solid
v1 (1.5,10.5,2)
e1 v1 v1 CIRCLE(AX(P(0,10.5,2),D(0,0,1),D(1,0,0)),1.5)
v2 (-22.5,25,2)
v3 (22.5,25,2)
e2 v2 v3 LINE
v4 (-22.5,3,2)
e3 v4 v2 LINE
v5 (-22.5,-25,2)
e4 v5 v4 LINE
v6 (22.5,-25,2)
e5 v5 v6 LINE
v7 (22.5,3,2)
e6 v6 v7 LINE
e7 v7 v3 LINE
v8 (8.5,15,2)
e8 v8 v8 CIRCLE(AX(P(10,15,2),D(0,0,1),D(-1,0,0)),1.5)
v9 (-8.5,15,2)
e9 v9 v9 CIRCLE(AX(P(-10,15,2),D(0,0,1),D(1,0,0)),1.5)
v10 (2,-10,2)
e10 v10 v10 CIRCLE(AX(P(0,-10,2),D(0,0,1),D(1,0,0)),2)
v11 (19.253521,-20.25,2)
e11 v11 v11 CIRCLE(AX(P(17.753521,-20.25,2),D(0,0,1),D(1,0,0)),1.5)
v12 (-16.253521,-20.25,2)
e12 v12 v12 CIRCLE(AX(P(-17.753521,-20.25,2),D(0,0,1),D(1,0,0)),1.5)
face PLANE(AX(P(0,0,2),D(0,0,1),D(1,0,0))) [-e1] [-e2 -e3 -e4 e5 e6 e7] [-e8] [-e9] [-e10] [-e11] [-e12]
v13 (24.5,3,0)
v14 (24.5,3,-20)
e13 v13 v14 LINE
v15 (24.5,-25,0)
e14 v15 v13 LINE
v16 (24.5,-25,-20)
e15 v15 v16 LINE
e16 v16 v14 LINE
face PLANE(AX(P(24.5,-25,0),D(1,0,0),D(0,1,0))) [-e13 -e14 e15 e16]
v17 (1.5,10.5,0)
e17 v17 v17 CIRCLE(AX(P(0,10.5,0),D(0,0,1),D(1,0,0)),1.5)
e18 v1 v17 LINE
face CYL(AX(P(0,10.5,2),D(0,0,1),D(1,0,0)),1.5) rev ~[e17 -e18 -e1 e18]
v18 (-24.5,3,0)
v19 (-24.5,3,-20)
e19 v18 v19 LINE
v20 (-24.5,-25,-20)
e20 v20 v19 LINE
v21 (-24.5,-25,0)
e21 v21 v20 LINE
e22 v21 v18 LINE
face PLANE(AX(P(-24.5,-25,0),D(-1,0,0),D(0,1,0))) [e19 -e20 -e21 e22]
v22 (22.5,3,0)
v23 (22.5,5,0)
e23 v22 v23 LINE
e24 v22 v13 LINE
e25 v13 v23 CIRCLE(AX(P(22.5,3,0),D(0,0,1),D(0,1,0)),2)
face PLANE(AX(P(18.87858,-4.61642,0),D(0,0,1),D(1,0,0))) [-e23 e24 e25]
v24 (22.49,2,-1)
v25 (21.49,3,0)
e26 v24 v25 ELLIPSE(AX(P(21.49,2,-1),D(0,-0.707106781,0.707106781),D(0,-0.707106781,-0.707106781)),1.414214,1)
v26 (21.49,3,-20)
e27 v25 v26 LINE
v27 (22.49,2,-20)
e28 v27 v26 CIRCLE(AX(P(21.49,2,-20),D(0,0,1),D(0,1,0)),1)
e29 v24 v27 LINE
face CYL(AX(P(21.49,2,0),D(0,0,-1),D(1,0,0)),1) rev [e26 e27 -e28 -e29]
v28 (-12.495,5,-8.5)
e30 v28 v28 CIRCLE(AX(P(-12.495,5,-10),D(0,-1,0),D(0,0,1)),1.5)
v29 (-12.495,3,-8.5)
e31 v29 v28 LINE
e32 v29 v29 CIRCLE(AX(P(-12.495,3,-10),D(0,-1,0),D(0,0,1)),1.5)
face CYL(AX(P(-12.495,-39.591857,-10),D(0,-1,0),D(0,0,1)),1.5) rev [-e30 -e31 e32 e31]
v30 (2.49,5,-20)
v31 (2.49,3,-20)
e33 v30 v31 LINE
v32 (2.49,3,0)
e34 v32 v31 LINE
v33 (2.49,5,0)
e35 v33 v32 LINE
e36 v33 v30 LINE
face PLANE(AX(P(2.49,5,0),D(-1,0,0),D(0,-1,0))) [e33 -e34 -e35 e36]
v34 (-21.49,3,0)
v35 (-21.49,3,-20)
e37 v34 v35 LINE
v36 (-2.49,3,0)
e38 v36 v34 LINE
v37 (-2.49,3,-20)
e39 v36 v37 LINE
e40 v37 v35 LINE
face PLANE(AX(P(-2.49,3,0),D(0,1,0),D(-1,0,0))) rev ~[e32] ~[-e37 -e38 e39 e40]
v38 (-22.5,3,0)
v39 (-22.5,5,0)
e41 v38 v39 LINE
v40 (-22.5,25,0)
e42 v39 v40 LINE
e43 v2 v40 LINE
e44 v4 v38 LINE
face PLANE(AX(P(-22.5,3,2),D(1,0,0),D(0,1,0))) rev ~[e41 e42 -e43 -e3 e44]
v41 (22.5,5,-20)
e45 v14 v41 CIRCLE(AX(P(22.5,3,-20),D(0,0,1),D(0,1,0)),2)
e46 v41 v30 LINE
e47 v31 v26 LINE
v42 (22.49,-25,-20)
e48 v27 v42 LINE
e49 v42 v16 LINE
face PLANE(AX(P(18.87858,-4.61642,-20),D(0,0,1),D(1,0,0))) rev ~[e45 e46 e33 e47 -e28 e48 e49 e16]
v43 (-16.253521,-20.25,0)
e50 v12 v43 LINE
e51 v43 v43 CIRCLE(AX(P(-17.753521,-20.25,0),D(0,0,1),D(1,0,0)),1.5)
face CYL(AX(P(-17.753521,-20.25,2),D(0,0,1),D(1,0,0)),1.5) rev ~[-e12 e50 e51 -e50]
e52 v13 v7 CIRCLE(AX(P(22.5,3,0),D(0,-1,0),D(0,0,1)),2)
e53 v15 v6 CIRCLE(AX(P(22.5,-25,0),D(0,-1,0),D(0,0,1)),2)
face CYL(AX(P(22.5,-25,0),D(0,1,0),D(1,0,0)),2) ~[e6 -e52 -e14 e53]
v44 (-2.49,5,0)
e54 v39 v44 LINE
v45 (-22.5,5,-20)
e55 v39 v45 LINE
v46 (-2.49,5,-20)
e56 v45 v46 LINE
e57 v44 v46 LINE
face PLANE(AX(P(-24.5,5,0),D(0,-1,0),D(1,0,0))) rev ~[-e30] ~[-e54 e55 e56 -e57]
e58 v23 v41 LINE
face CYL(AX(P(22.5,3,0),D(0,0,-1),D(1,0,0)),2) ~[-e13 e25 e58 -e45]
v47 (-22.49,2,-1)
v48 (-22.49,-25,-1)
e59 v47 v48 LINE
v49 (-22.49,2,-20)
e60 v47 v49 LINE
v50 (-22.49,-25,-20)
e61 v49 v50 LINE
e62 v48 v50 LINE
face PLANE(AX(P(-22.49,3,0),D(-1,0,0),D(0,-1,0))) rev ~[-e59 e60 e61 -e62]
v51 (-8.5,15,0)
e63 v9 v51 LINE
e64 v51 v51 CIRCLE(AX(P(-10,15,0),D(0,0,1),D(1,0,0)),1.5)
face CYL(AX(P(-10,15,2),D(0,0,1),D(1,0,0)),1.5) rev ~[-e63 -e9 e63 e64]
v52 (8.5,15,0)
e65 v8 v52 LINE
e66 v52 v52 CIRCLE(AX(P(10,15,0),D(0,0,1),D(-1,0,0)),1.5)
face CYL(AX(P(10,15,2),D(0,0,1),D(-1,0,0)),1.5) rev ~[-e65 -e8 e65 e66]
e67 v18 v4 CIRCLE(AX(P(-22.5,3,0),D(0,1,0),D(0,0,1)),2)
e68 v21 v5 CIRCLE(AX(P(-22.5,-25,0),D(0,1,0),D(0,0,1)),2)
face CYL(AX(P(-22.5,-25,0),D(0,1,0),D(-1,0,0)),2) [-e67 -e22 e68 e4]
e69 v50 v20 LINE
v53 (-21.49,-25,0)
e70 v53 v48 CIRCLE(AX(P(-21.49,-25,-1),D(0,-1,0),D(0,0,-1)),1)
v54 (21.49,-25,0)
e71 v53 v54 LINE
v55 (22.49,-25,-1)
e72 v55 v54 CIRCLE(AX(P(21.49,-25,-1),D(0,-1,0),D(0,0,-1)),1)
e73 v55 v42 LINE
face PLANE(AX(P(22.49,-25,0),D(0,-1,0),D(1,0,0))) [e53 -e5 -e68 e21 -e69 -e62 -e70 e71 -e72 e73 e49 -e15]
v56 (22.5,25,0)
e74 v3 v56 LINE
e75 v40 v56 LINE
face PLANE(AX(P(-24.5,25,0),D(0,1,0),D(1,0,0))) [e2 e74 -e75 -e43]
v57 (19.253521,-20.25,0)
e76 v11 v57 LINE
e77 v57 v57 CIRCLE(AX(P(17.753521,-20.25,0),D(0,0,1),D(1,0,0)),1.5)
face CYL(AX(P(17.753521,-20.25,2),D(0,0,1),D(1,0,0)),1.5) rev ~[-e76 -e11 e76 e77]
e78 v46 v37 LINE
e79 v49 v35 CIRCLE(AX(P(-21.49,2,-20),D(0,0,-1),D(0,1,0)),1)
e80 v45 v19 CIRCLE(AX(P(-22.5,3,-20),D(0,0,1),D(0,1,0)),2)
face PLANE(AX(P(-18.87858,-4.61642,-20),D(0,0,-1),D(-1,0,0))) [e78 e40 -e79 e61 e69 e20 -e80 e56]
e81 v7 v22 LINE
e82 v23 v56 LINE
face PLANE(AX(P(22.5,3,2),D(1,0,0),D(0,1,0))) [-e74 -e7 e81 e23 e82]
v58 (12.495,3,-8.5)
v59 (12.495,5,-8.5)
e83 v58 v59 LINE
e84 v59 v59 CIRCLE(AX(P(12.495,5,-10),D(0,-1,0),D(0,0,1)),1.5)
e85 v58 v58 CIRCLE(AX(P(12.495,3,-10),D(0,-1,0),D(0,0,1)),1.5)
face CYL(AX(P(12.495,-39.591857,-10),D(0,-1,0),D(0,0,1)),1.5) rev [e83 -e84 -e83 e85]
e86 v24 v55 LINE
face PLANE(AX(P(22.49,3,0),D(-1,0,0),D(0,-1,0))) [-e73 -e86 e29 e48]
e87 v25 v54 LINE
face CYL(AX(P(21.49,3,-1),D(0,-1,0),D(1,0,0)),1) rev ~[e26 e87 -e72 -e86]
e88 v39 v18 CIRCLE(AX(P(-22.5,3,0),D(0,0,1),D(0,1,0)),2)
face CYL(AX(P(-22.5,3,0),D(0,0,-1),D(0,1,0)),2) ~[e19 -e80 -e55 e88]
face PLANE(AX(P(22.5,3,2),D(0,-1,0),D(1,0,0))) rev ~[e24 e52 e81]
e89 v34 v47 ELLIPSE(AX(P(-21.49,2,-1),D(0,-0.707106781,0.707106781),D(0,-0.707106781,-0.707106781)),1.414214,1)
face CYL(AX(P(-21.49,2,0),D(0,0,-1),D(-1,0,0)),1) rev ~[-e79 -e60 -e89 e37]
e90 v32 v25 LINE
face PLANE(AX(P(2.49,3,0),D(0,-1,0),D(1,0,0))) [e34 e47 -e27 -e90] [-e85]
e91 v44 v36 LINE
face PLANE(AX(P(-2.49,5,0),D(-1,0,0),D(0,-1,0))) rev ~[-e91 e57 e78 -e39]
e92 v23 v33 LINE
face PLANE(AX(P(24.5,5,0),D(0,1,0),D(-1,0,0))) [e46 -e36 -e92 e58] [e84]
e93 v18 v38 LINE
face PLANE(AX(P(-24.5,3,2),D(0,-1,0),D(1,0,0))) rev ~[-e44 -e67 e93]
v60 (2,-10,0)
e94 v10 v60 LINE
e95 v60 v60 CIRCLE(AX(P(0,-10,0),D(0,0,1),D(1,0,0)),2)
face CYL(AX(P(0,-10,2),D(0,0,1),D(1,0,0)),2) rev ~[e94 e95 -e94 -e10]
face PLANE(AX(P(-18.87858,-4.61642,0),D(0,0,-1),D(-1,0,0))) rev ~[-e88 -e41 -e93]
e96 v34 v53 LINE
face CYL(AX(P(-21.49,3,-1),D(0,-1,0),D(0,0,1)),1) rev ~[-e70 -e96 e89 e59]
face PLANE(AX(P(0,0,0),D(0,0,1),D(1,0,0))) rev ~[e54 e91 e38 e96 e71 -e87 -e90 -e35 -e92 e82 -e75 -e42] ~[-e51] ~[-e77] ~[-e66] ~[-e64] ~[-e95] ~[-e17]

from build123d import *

# Parameters (mm, degrees)
SKETCH1_W               = 49
SKETCH1_H               = 50
BOSS_EXTRUDE1_DEPTH     = 2
SKETCH3_W               = 2
SKETCH3_H               = 22
CUT_EXTRUDE1_DEPTH      = 36.060661717
BOSS_EXTRUDE5_DEPTH     = 20
FILLET3_R               = 2
FILLET4_R               = 1
SKETCH8_R               = 2
SKETCH8_R_2             = 1.5
CUT_EXTRUDE2_DEPTH      = 10
CUT_EXTRUDE3_DEPTH      = 44.591857038
CUT_EXTRUDE3_DEPTH_BACK = 44.591857038
SKETCH9_R               = 1.5


with BuildPart() as part:
    # Sketch1 → Boss-Extrude1 (new body)
    with BuildSketch(Plane.XY):
        Rectangle(SKETCH1_W, SKETCH1_H)
    extrude(amount=BOSS_EXTRUDE1_DEPTH)

    # Sketch3 → Cut-Extrude1 (cut, through all)
    with BuildSketch(Plane.XY.offset(2)):
        with Locations((-23.5, 14)):
            Rectangle(SKETCH3_W, SKETCH3_H)
        with Locations((23.5, 14)):
            Rectangle(SKETCH3_W, SKETCH3_H)
    extrude(amount=-CUT_EXTRUDE1_DEPTH, mode=Mode.SUBTRACT)

    # Sketch7 → Boss-Extrude5 (add)
    with BuildSketch(Plane(origin=(0, 0, 0), x_dir=(-1, 0, 0), z_dir=(0, 0, -1))):
        Polygon((-24.5, -25), (-24.5, 5), (-2.49, 5), (-2.49, 3), (-22.49, 3), (-22.49, -25), align=None)
        Polygon((24.5, 5), (2.49, 5), (2.49, 3), (22.49, 3), (22.49, -25), (24.5, -25), align=None)
    extrude(amount=BOSS_EXTRUDE5_DEPTH)

    # Fillet3
    fillet3_edges = [part.edges().sort_by_distance(p)[0] for p in [
        (-24.5, 5, -10),
        (24.5, 5, -10),
        (-24.5, -11, 2),
        (24.5, -11, 2),
    ]]
    fillet(fillet3_edges, radius=FILLET3_R)

    # Fillet4
    fillet4_edges = [part.edges().sort_by_distance(p)[0] for p in [
        (22.49, -11, 0),
        (22.49, 3, -10),
        (-22.49, -11, 0),
        (-22.49, 3, -10),
    ]]
    fillet(fillet4_edges, radius=FILLET4_R)

    # Sketch8 → Cut-Extrude2 (cut)
    with BuildSketch(Plane.XY.offset(2)):
        with Locations((0, -10)):
            Circle(SKETCH8_R)
        with Locations((0, 10.5)):
            Circle(SKETCH8_R_2)
        with Locations((17.753520778, -20.25)):
            Circle(SKETCH8_R_2)
        with Locations((-17.753520778, -20.25)):
            Circle(SKETCH8_R_2)
        with Locations((-10, 15)):
            Circle(SKETCH8_R_2)
        with Locations(Location((10, 15, 0), (0, 0, 180))):
            Circle(SKETCH8_R_2)
    extrude(amount=-CUT_EXTRUDE2_DEPTH, mode=Mode.SUBTRACT)

    # Sketch9 → Cut-Extrude3 (cut, two sides: drawn at the far end of the back side and taken through both)
    with BuildSketch(Plane(origin=(0, 5, 0), x_dir=(1, 0, 0), z_dir=(0, 1, 0)).offset(-CUT_EXTRUDE3_DEPTH_BACK)):
        with Locations(Location((12.495, 10, 0), (0, 0, 270))):
            Circle(SKETCH9_R)
        with Locations(Location((-12.495, 10, 0), (0, 0, 270))):
            Circle(SKETCH9_R)
    extrude(amount=CUT_EXTRUDE3_DEPTH + CUT_EXTRUDE3_DEPTH_BACK, mode=Mode.SUBTRACT)


solid = part.part
